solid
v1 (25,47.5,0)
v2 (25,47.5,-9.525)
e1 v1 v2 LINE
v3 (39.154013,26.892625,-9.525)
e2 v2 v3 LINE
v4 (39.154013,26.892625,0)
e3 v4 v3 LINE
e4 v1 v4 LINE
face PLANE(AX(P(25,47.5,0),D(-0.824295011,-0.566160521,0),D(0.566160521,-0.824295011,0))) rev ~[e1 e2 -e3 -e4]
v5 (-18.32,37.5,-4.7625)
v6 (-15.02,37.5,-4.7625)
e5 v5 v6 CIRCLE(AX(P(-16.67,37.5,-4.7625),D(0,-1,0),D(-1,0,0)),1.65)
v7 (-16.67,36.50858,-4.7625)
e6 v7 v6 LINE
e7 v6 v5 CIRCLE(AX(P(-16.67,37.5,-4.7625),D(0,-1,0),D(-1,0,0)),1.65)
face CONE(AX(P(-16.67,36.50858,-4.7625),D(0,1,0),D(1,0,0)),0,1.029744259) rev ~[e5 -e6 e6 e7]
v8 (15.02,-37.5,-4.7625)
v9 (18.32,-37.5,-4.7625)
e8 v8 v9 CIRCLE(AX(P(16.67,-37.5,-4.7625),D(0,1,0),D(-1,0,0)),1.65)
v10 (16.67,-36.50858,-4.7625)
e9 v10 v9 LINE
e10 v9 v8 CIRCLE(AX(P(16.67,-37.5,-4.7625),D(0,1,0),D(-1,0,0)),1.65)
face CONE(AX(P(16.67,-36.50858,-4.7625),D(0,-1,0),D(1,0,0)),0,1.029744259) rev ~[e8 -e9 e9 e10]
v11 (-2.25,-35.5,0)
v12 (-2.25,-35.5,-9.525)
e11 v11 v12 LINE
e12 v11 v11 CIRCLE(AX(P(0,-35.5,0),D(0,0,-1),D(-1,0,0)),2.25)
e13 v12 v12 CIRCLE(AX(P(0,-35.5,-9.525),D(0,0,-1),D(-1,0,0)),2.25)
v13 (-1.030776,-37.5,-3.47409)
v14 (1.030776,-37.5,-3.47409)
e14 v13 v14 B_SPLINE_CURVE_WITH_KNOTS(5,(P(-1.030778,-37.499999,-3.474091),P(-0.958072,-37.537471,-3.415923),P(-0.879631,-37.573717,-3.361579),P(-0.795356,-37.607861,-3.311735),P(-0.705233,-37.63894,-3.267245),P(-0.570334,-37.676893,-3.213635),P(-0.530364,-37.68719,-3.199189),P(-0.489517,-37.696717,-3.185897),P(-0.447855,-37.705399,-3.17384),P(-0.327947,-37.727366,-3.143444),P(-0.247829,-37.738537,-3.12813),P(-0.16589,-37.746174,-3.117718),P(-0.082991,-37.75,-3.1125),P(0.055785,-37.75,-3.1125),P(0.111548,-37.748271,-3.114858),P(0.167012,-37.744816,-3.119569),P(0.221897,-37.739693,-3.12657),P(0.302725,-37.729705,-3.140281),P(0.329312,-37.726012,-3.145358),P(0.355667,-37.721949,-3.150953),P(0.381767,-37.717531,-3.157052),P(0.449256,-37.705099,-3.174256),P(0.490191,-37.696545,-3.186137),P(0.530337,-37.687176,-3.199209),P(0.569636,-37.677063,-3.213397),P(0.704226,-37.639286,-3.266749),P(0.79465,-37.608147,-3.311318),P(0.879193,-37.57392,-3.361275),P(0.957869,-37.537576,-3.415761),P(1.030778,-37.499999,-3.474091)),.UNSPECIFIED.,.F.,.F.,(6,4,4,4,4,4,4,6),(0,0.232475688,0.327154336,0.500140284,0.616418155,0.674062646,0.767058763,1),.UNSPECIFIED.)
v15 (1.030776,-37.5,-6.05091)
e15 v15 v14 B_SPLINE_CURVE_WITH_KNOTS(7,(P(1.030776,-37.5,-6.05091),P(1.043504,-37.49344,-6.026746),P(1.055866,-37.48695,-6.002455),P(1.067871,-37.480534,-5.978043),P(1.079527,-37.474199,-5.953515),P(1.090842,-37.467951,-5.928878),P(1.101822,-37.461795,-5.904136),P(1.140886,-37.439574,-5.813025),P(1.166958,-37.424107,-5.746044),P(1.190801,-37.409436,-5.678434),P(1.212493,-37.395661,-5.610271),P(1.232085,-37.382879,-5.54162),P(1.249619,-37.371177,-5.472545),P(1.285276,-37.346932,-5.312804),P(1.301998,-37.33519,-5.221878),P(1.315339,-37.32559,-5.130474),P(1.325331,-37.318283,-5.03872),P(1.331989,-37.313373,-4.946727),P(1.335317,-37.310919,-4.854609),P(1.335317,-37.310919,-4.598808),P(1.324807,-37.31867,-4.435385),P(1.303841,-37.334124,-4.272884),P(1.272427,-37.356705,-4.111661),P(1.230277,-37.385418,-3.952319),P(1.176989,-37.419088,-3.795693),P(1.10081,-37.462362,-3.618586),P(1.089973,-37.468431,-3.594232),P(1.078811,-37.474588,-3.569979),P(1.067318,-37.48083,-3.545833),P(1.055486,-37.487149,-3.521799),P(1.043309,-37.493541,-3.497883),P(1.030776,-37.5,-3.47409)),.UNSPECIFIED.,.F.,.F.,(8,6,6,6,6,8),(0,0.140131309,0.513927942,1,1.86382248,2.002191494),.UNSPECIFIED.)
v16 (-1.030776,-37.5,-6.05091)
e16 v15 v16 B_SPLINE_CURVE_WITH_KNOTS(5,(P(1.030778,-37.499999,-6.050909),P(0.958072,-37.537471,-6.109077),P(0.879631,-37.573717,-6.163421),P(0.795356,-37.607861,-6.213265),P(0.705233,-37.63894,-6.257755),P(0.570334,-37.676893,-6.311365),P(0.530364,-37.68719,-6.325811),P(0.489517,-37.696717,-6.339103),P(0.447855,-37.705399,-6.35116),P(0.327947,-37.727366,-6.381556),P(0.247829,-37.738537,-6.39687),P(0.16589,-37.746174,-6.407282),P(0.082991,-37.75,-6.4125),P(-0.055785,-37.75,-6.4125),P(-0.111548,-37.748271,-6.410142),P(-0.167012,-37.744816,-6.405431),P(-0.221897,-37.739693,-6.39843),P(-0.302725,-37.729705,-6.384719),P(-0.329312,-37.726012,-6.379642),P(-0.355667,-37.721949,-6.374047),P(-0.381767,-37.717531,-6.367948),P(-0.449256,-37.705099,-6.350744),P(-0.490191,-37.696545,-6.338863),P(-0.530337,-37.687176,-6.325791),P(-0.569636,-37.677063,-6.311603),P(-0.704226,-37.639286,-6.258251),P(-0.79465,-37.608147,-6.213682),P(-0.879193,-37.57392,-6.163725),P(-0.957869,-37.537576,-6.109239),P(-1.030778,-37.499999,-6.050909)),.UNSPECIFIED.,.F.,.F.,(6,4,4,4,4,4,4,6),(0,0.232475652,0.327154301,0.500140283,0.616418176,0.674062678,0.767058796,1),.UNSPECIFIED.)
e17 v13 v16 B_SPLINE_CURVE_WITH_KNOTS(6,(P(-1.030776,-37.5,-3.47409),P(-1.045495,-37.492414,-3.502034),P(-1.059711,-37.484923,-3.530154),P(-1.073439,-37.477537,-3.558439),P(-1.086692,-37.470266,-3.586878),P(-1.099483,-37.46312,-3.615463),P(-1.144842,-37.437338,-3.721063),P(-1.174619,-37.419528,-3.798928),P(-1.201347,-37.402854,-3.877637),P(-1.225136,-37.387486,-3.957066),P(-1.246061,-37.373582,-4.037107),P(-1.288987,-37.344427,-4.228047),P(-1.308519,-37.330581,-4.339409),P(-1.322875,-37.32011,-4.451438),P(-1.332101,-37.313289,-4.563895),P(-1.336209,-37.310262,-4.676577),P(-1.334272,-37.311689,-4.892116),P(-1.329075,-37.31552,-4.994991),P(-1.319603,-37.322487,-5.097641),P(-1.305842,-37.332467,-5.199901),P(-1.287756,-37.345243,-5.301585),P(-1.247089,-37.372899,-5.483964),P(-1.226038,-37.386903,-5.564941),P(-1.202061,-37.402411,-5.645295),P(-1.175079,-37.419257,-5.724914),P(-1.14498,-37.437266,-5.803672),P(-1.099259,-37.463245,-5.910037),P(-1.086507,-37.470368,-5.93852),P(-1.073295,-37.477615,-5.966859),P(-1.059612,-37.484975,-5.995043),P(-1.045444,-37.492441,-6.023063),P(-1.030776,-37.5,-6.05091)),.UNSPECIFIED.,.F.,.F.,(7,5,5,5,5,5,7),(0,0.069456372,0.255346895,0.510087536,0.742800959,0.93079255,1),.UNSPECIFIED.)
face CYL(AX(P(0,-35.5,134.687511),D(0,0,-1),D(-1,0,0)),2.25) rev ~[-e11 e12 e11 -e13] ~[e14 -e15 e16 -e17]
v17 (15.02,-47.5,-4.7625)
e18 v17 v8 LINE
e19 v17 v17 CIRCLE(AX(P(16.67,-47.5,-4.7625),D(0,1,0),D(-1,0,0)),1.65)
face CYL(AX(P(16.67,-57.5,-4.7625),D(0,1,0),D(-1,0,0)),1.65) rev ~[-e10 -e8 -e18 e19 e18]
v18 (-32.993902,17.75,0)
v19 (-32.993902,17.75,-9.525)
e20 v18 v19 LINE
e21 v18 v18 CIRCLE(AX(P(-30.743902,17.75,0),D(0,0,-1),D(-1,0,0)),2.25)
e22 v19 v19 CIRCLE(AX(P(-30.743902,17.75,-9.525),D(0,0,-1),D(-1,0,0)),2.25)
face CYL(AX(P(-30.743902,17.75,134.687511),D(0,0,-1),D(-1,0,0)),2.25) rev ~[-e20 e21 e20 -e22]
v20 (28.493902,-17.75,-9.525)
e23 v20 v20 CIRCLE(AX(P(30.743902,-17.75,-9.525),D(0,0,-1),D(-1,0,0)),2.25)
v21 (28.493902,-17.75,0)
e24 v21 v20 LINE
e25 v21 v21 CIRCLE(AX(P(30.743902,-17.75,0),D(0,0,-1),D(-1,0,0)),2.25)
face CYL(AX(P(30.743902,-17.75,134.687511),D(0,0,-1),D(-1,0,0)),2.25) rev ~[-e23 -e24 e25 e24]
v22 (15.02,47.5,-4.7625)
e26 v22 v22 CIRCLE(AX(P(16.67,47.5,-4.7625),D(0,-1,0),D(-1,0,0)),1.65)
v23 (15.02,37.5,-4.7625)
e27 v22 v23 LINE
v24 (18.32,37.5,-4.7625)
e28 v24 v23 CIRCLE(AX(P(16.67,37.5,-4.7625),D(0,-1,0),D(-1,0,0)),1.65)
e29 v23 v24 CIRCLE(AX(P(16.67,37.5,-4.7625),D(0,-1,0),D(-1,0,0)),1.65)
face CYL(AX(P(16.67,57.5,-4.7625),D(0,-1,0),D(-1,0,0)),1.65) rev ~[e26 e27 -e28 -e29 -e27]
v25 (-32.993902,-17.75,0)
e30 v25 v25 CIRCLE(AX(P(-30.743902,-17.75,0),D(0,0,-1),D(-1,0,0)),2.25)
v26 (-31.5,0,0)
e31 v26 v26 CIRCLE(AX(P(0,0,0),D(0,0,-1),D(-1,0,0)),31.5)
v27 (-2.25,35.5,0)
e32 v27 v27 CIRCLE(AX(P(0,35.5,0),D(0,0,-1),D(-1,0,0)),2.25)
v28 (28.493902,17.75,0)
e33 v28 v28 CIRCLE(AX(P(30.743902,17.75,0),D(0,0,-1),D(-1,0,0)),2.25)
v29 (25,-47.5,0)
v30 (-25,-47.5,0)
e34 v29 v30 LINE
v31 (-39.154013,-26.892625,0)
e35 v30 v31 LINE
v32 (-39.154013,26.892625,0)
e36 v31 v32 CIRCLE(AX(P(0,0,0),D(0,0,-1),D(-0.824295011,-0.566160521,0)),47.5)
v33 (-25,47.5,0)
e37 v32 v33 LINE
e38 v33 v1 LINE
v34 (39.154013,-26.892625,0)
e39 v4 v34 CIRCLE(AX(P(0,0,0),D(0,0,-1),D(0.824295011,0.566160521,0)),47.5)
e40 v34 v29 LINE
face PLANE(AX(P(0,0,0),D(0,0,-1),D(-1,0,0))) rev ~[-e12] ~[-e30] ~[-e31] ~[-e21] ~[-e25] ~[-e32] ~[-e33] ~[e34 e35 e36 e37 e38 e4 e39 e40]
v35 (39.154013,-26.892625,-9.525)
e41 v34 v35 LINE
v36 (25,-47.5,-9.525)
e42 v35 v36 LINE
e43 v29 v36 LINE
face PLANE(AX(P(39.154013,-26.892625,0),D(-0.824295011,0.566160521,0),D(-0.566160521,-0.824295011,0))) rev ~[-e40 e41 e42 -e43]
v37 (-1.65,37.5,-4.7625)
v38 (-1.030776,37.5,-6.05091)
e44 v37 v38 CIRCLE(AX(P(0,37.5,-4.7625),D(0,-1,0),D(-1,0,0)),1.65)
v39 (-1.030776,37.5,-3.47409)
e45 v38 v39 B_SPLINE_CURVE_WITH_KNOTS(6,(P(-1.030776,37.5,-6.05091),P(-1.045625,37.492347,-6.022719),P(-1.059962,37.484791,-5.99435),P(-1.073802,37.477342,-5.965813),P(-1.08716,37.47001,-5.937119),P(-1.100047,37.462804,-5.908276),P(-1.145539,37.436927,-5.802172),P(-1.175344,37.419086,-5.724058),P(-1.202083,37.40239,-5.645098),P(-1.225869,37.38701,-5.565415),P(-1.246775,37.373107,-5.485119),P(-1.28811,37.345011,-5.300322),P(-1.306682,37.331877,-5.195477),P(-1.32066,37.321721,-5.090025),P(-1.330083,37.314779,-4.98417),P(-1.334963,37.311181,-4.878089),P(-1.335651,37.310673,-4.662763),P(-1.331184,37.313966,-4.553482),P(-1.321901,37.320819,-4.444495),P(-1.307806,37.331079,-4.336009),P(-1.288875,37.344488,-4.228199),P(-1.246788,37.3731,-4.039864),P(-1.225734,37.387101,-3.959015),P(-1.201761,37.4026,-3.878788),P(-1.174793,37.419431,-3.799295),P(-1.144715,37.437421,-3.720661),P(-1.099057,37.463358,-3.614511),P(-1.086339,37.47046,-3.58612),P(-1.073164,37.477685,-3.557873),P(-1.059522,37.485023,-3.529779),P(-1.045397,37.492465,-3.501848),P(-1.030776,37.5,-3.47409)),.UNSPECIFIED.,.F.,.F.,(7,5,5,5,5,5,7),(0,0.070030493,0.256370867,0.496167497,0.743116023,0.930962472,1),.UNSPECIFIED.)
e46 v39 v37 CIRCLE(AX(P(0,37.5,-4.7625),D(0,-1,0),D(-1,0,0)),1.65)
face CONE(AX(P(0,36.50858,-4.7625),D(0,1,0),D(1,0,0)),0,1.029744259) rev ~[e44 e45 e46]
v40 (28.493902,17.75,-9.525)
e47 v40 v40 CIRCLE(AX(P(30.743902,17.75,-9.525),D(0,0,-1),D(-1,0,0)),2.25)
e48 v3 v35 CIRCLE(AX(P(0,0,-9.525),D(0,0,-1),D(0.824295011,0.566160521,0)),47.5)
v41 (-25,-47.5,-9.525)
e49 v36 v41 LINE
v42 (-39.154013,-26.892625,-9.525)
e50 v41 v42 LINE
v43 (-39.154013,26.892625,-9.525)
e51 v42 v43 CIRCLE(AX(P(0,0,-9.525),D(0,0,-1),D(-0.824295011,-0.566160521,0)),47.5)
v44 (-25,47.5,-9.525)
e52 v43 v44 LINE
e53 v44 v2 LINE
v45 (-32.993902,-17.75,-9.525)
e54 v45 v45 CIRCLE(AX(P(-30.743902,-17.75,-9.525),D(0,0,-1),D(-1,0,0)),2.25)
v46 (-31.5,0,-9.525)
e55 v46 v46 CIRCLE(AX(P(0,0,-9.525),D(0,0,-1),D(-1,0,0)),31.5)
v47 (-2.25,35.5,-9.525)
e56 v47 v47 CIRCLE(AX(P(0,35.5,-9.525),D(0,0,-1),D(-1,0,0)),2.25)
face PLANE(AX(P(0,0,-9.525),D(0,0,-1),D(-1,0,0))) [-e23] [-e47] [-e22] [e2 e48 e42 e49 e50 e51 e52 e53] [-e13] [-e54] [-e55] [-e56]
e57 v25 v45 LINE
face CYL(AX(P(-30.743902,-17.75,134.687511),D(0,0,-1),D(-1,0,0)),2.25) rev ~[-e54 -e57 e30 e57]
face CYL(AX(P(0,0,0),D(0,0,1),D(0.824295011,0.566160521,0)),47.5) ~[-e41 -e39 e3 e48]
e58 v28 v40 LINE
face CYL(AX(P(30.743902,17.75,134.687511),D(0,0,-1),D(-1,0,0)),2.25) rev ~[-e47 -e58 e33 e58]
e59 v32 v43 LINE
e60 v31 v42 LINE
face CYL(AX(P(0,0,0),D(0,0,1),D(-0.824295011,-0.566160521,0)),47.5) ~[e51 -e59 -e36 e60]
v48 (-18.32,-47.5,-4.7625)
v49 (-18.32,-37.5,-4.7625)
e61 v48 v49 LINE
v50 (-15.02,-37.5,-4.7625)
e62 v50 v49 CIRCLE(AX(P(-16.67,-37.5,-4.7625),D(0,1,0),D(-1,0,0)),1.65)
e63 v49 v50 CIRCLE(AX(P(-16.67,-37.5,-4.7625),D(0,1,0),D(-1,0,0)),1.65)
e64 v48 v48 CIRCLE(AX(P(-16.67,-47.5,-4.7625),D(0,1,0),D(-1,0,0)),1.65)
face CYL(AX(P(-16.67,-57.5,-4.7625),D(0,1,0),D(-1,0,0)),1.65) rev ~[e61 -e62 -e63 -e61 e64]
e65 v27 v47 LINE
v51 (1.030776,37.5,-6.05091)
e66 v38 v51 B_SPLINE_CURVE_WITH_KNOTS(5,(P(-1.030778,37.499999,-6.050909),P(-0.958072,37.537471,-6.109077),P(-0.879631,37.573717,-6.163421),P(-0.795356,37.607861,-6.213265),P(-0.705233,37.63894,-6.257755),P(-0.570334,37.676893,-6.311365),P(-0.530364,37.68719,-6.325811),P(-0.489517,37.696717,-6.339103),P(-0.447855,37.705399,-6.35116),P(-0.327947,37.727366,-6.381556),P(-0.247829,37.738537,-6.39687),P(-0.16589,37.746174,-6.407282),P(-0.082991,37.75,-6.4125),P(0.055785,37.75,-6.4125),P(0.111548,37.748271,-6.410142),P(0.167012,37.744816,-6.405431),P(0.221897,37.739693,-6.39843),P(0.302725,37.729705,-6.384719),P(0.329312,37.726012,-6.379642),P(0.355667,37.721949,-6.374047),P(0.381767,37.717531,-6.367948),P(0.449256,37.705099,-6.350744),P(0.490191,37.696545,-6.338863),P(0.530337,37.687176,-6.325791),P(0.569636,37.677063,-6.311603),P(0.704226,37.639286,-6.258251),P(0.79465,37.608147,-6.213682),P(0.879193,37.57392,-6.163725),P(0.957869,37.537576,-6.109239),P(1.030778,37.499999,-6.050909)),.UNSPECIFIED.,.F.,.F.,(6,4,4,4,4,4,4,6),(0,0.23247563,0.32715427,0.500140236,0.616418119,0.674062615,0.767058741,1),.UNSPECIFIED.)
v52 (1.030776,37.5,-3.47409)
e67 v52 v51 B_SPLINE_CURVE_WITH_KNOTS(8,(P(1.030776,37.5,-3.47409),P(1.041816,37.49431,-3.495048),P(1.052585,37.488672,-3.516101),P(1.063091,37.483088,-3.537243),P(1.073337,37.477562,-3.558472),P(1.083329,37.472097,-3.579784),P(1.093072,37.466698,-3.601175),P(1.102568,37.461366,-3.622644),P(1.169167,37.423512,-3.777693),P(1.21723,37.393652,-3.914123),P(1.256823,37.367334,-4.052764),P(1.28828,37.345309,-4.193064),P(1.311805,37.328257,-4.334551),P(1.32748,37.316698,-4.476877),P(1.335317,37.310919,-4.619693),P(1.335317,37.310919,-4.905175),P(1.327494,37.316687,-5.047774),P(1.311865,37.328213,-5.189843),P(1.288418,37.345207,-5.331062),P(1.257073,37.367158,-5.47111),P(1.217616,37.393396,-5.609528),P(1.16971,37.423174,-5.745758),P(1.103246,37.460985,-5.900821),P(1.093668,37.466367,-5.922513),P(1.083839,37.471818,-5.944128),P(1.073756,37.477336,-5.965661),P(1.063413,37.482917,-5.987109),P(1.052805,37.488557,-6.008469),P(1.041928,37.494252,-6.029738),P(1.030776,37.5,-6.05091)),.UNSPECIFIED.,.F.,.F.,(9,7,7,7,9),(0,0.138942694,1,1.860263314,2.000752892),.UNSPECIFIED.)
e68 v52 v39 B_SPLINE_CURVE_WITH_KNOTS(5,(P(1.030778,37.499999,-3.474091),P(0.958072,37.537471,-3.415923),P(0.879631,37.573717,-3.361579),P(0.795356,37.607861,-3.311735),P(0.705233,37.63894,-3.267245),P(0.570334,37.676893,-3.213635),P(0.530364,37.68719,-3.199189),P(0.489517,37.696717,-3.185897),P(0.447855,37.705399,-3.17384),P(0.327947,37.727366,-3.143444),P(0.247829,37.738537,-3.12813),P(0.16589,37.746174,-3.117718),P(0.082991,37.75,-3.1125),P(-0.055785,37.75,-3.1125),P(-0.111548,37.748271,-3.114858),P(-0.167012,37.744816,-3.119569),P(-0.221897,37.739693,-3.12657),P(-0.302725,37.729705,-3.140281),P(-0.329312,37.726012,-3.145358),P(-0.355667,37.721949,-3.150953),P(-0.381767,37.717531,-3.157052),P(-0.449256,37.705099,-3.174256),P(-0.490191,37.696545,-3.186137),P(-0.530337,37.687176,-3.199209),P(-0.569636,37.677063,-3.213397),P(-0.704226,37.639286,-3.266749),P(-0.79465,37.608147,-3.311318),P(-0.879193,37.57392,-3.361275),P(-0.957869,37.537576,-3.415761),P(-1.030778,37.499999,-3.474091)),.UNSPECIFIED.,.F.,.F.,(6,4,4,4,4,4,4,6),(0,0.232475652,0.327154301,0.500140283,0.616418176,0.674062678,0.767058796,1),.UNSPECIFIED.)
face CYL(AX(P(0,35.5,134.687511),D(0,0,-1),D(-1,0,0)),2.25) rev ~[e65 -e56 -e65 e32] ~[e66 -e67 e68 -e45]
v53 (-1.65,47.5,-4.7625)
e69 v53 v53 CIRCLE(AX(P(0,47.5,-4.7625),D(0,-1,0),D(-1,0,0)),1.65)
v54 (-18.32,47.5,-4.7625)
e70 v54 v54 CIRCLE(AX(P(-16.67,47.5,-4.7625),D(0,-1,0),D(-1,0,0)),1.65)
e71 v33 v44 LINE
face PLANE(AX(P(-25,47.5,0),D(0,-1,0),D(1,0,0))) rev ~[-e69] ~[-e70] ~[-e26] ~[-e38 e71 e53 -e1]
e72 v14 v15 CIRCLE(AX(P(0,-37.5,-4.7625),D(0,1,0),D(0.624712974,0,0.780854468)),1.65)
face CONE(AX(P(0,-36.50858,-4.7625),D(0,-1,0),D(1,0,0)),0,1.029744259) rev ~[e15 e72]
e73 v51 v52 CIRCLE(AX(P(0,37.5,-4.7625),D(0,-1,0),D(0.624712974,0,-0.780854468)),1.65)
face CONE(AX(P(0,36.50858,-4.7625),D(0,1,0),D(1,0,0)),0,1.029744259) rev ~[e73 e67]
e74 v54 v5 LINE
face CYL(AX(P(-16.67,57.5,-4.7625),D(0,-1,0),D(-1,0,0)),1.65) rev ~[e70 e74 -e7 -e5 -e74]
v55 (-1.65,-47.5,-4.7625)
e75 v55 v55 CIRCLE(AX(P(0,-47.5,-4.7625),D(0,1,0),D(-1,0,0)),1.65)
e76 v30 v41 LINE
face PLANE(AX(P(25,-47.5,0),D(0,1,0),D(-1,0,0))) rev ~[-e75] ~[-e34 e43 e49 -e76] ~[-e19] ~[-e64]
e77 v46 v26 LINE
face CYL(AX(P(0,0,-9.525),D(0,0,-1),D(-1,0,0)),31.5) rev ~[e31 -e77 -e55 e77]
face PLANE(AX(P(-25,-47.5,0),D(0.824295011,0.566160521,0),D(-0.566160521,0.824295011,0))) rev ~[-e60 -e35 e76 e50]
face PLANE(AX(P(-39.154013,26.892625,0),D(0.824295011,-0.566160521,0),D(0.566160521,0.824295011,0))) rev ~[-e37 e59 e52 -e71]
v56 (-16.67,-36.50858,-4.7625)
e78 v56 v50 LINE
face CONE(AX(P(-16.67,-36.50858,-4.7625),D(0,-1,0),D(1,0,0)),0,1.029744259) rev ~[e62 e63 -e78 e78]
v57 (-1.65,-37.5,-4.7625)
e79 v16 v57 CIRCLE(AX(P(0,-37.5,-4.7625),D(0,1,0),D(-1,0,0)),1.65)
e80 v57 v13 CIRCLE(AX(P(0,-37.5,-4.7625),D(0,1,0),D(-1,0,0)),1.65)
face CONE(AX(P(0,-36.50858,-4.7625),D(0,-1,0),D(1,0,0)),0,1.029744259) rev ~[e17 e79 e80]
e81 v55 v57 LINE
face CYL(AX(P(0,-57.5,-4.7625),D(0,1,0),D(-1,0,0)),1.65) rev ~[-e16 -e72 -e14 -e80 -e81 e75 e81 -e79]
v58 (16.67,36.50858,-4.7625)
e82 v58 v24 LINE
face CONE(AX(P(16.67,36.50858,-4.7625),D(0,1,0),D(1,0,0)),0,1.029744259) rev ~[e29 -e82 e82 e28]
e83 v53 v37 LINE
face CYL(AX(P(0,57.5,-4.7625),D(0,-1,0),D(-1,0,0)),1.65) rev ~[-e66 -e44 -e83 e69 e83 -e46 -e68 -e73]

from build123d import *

# Parameters (mm, degrees)
BOSS_EXTRUDE1_DEPTH       = 9.525
M4_CLEARANCE_HOLE1_D      = 4.5
SKETCH4_R                 = 31.5
CUT_EXTRUDE1_DEPTH        = 68.847075287
M4X0_7_TAPPED_HOLE1_D     = 3.3
M4X0_7_TAPPED_HOLE1_DEPTH = 10
M4X0_7_TAPPED_HOLE1_TIP   = 0.991420021
M4X0_7_TAPPED_HOLE2_D     = 3.3
M4X0_7_TAPPED_HOLE2_DEPTH = 10
M4X0_7_TAPPED_HOLE2_TIP   = 0.991420021


with BuildPart() as part:
    # Sketch1 → Boss-Extrude1 (new body)
    with BuildSketch(Plane.XY):
        with BuildLine():
            Line((-25, 47.5), (25, 47.5))
            Line((25, 47.5), (39.154013015, 26.892624729))
            ThreePointArc((39.154013015, 26.892624729), (47.5, 0), (39.154013015, -26.892624729))
            Line((39.154013015, -26.892624729), (25, -47.5))
            Line((25, -47.5), (-25, -47.5))
            Line((-25, -47.5), (-39.154013015, -26.892624729))
            ThreePointArc((-39.154013015, -26.892624729), (-47.5, 0), (-39.154013015, 26.892624729))
            Line((-39.154013015, 26.892624729), (-25, 47.5))
        make_face()
    extrude(amount=-BOSS_EXTRUDE1_DEPTH)

    # M4 Clearance Hole1 (through all)
    with Locations(Plane.XY):
        with Locations((-30.743901834, 17.75), (0, 35.5), (59.233049824, 29.038488654), (30.743901834, 17.75), (30.743901834, -17.75), (0, -35.5), (-30.743901834, -17.75)):
            Hole(M4_CLEARANCE_HOLE1_D / 2)

    # Sketch4 → Cut-Extrude1 (cut, through all)
    with BuildSketch(Plane(origin=(0, 0, -9.525), x_dir=(-1, 0, 0), z_dir=(0, 0, -1))):
        Circle(SKETCH4_R)
    extrude(amount=-CUT_EXTRUDE1_DEPTH, mode=Mode.SUBTRACT)

    # M4x0.7 Tapped Hole1
    with Locations(Plane(origin=(0, 47.5, 0), x_dir=(1, 0, 0), z_dir=(0, 1, 0))):
        with Locations((16.67, 4.7625), (0, 4.7625), (-16.67, 4.7625)):
            Hole(M4X0_7_TAPPED_HOLE1_D / 2, depth=M4X0_7_TAPPED_HOLE1_DEPTH)
            with Locations((0, 0, -(M4X0_7_TAPPED_HOLE1_DEPTH + M4X0_7_TAPPED_HOLE1_TIP / 2))):  # 118° drill point
                Cone(0, M4X0_7_TAPPED_HOLE1_D / 2, M4X0_7_TAPPED_HOLE1_TIP, mode=Mode.SUBTRACT)

    # M4x0.7 Tapped Hole2
    with Locations(Plane.XZ.offset(47.5)):
        with Locations((0, -4.7625), (16.67, -4.7625), (-16.67, -4.7625)):
            Hole(M4X0_7_TAPPED_HOLE2_D / 2, depth=M4X0_7_TAPPED_HOLE2_DEPTH)
            with Locations((0, 0, -(M4X0_7_TAPPED_HOLE2_DEPTH + M4X0_7_TAPPED_HOLE2_TIP / 2))):  # 118° drill point
                Cone(0, M4X0_7_TAPPED_HOLE2_D / 2, M4X0_7_TAPPED_HOLE2_TIP, mode=Mode.SUBTRACT)


solid = part.part
